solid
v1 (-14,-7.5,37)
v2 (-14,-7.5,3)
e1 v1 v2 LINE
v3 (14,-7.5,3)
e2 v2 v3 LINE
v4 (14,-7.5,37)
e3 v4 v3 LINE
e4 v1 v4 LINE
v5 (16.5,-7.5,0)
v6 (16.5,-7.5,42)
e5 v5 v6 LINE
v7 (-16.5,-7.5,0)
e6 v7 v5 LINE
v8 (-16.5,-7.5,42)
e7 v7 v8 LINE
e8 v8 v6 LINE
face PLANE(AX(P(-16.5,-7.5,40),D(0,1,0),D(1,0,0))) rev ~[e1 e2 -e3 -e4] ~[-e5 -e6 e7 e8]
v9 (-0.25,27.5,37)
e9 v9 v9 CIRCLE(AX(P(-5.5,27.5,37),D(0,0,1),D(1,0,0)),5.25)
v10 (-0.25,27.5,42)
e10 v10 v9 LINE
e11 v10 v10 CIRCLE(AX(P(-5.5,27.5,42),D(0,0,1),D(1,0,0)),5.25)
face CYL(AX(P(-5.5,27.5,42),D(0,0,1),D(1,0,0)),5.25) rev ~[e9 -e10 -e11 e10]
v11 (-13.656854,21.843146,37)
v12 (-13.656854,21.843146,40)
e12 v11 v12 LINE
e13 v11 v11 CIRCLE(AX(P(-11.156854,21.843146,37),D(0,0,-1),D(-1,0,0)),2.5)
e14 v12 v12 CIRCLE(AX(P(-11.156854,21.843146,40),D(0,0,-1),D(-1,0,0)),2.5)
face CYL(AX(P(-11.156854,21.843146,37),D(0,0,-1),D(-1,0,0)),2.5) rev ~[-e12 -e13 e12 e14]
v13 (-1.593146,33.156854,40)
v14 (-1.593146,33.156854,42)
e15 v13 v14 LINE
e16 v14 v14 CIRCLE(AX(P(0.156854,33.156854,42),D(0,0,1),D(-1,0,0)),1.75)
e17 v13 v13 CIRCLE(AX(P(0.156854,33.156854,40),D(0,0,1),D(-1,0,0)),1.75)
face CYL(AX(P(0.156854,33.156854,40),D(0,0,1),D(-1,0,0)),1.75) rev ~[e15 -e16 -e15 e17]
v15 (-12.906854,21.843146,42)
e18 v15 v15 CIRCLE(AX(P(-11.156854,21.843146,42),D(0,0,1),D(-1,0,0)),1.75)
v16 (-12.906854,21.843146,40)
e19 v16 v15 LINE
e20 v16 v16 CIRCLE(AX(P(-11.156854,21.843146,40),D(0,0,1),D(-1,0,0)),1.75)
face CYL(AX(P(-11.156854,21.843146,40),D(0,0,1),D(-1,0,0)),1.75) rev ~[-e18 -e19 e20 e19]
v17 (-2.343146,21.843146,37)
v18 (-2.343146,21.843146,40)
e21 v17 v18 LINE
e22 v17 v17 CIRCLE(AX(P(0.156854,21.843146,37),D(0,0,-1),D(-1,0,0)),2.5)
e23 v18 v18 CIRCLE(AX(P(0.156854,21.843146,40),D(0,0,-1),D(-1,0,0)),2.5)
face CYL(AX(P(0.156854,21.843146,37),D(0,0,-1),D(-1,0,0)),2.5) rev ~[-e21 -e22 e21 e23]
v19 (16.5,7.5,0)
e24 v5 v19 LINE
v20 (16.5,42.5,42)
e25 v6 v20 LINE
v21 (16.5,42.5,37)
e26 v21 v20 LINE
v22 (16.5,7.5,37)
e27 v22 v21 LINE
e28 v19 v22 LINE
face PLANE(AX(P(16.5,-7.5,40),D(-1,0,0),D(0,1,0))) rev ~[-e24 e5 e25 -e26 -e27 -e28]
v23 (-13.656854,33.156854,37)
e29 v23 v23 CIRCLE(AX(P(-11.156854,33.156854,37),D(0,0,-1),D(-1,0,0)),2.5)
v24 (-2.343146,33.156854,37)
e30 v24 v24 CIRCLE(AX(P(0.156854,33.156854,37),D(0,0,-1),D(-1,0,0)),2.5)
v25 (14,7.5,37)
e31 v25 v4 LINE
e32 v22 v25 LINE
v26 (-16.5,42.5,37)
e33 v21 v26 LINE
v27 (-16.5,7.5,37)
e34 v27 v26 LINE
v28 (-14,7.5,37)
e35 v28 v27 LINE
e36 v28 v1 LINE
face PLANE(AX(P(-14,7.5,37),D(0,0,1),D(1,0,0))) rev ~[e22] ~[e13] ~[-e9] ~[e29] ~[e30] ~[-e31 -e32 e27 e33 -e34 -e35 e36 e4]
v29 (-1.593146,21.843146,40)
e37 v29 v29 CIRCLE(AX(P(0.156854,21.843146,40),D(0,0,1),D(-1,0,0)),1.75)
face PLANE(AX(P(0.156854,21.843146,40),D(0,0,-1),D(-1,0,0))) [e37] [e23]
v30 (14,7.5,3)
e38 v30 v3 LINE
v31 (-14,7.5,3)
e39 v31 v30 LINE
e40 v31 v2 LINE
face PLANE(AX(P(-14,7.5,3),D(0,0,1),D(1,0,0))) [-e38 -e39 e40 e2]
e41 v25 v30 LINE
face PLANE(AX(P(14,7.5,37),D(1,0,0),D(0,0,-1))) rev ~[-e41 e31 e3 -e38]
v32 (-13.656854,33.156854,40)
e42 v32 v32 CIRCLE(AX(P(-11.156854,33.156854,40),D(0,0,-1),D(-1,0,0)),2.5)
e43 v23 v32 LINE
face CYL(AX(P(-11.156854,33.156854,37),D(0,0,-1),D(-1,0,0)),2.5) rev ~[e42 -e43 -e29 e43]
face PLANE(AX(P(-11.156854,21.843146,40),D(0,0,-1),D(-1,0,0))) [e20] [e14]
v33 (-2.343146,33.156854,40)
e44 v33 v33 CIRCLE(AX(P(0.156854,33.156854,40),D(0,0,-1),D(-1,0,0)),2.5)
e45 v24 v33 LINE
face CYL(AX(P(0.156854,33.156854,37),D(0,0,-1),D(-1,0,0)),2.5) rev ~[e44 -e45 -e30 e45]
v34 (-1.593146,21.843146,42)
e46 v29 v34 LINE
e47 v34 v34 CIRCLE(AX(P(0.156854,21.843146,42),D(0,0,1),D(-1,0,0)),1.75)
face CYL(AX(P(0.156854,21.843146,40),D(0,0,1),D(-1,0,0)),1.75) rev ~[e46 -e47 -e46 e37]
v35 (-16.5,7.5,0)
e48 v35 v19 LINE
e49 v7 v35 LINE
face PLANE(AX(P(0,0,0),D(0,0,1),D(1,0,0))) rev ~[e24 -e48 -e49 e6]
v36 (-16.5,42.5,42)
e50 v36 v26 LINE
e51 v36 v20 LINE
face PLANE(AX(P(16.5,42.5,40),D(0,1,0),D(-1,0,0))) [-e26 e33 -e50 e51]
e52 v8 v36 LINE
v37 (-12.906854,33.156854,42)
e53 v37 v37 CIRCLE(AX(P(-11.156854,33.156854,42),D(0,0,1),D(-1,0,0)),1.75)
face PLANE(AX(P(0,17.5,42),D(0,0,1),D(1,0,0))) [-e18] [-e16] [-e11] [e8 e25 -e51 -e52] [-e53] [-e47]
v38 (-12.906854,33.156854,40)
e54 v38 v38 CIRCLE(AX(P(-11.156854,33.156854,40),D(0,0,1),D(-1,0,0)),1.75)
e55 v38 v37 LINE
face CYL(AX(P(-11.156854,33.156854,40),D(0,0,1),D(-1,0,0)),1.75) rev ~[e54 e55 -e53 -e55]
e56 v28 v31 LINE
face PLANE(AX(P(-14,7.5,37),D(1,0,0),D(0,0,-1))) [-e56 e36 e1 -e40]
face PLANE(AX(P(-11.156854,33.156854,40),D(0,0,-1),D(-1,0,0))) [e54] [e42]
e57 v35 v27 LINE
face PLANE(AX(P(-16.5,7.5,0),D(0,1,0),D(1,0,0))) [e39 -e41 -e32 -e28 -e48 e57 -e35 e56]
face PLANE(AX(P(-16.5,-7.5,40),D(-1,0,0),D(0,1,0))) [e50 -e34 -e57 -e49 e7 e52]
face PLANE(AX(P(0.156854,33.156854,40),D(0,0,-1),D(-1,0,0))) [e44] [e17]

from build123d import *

# Parameters (mm, degrees)
SZKIC1_W                    = 33
SZKIC1_H                    = 15
DODANIE_WYCI_GNI_CIE1_DEPTH = 40
SZKIC2_W                    = 28
SZKIC2_H                    = 34
WYTNIJ_WYCI_GNI_CIE1_DEPTH  = 29
SZKIC3_W                    = 33
SZKIC3_H                    = 50
DODANIE_WYCI_GNI_CIE2_DEPTH = 2
SZKIC3_3_R                  = 4
WYTNIJ_WYCI_GNI_CIE2_DEPTH  = 16
SZKIC7_W                    = 33
SZKIC7_H                    = 50
DODANIE_WYCI_GNI_CIE3_DEPTH = 3
SZKIC3_5_R                  = 1.75
WYTNIJ_WYCI_GNI_CIE5_DEPTH  = 14.5
SZKIC3_6_R                  = 1.75
WYTNIJ_WYCI_GNI_CIE6_DEPTH  = 14.5
SZKIC3_7_R                  = 1.75
WYTNIJ_WYCI_GNI_CIE7_DEPTH  = 8.5
SZKIC5_R                    = 5.25
WYTNIJ_WYCI_GNI_CIE10_DEPTH = 36
SZKIC3_8_R                  = 1.75
WYTNIJ_WYCI_GNI_CIE8_DEPTH  = 5.5
SZKIC9_R                    = 2.5
WYTNIJ_WYCI_GNI_CIE11_DEPTH = 3
SZKIC9_4_R                  = 2.5
WYTNIJ_WYCI_GNI_CIE12_DEPTH = 3
SZKIC9_5_R                  = 2.5
WYTNIJ_WYCI_GNI_CIE13_DEPTH = 3
SZKIC9_6_R                  = 2.5
WYTNIJ_WYCI_GNI_CIE14_DEPTH = 3


with BuildPart() as part:
    # Szkic1 → Dodanie-wyciągnięcie1 (new body)
    with BuildSketch(Plane.XY):
        Rectangle(SZKIC1_W, SZKIC1_H)
    extrude(amount=DODANIE_WYCI_GNI_CIE1_DEPTH)

    # Szkic2 → Wytnij-wyciągnięcie1 (cut)
    with BuildSketch(Plane(origin=(0, 7.5, 0), x_dir=(1, 0, 0), z_dir=(0, 1, 0))):
        with Locations((0, -20)):
            Rectangle(SZKIC2_W, SZKIC2_H)
    extrude(amount=-WYTNIJ_WYCI_GNI_CIE1_DEPTH, mode=Mode.SUBTRACT)

    # Szkic3 → Dodanie-wyciągnięcie2 (add)
    with BuildSketch(Plane.XY.offset(40)):
        with Locations((0, 17.5)):
            Rectangle(SZKIC3_W, SZKIC3_H)
    extrude(amount=DODANIE_WYCI_GNI_CIE2_DEPTH)

    # Szkic3<3> → Wytnij-wyciągnięcie2 (cut)
    with BuildSketch(Plane.XY.offset(40)):
        with Locations((-5.5, 27.5)):
            Circle(SZKIC3_3_R)
    extrude(amount=WYTNIJ_WYCI_GNI_CIE2_DEPTH, mode=Mode.SUBTRACT)

    # Szkic7 → Dodanie-wyciągnięcie3 (add)
    with BuildSketch(Plane(origin=(0, 0, 40), x_dir=(-1, 0, 0), z_dir=(0, 0, -1))):
        with Locations((0, 17.5)):
            Rectangle(SZKIC7_W, SZKIC7_H)
    extrude(amount=DODANIE_WYCI_GNI_CIE3_DEPTH)

    # Szkic3<5> → Wytnij-wyciągnięcie5 (cut, symmetric)
    with BuildSketch(Plane.XY.offset(40)):
        with Locations((-11.156854249, 33.156854249)):
            Circle(SZKIC3_5_R)
    extrude(amount=WYTNIJ_WYCI_GNI_CIE5_DEPTH, both=True, mode=Mode.SUBTRACT)

    # Szkic3<6> → Wytnij-wyciągnięcie6 (cut, symmetric)
    with BuildSketch(Plane.XY.offset(40)):
        with Locations((-11.156854249, 21.843145751)):
            Circle(SZKIC3_6_R)
    extrude(amount=WYTNIJ_WYCI_GNI_CIE6_DEPTH, both=True, mode=Mode.SUBTRACT)

    # Szkic3<7> → Wytnij-wyciągnięcie7 (cut, symmetric)
    with BuildSketch(Plane.XY.offset(40)):
        with Locations((0.156854249, 33.156854249)):
            Circle(SZKIC3_7_R)
    extrude(amount=WYTNIJ_WYCI_GNI_CIE7_DEPTH, both=True, mode=Mode.SUBTRACT)

    # Szkic5 → Wytnij-wyciągnięcie10 (cut)
    with BuildSketch(Plane.XY.offset(42)):
        with Locations((-5.5, 27.5)):
            Circle(SZKIC5_R)
    extrude(amount=-WYTNIJ_WYCI_GNI_CIE10_DEPTH, mode=Mode.SUBTRACT)

    # Szkic3<8> → Wytnij-wyciągnięcie8 (cut, symmetric)
    with BuildSketch(Plane.XY.offset(40)):
        with Locations((0.156854249, 21.843145751)):
            Circle(SZKIC3_8_R)
    extrude(amount=WYTNIJ_WYCI_GNI_CIE8_DEPTH, both=True, mode=Mode.SUBTRACT)

    # Szkic9 → Wytnij-wyciągnięcie11 (cut)
    with BuildSketch(Plane(origin=(0, 0, 37), x_dir=(-1, 0, 0), z_dir=(0, 0, -1))):
        with Locations((-0.156854249, 33.156854249)):
            Circle(SZKIC9_R)
    extrude(amount=-WYTNIJ_WYCI_GNI_CIE11_DEPTH, mode=Mode.SUBTRACT)

    # Szkic9<4> → Wytnij-wyciągnięcie12 (cut)
    with BuildSketch(Plane(origin=(0, 0, 37), x_dir=(-1, 0, 0), z_dir=(0, 0, -1))):
        with Locations((11.156854249, 33.156854249)):
            Circle(SZKIC9_4_R)
    extrude(amount=-WYTNIJ_WYCI_GNI_CIE12_DEPTH, mode=Mode.SUBTRACT)

    # Szkic9<5> → Wytnij-wyciągnięcie13 (cut)
    with BuildSketch(Plane(origin=(0, 0, 37), x_dir=(-1, 0, 0), z_dir=(0, 0, -1))):
        with Locations((11.156854249, 21.843145751)):
            Circle(SZKIC9_5_R)
    extrude(amount=-WYTNIJ_WYCI_GNI_CIE13_DEPTH, mode=Mode.SUBTRACT)

    # Szkic9<6> → Wytnij-wyciągnięcie14 (cut)
    with BuildSketch(Plane(origin=(0, 0, 37), x_dir=(-1, 0, 0), z_dir=(0, 0, -1))):
        with Locations((-0.156854249, 21.843145751)):
            Circle(SZKIC9_6_R)
    extrude(amount=-WYTNIJ_WYCI_GNI_CIE14_DEPTH, mode=Mode.SUBTRACT)


solid = part.part
